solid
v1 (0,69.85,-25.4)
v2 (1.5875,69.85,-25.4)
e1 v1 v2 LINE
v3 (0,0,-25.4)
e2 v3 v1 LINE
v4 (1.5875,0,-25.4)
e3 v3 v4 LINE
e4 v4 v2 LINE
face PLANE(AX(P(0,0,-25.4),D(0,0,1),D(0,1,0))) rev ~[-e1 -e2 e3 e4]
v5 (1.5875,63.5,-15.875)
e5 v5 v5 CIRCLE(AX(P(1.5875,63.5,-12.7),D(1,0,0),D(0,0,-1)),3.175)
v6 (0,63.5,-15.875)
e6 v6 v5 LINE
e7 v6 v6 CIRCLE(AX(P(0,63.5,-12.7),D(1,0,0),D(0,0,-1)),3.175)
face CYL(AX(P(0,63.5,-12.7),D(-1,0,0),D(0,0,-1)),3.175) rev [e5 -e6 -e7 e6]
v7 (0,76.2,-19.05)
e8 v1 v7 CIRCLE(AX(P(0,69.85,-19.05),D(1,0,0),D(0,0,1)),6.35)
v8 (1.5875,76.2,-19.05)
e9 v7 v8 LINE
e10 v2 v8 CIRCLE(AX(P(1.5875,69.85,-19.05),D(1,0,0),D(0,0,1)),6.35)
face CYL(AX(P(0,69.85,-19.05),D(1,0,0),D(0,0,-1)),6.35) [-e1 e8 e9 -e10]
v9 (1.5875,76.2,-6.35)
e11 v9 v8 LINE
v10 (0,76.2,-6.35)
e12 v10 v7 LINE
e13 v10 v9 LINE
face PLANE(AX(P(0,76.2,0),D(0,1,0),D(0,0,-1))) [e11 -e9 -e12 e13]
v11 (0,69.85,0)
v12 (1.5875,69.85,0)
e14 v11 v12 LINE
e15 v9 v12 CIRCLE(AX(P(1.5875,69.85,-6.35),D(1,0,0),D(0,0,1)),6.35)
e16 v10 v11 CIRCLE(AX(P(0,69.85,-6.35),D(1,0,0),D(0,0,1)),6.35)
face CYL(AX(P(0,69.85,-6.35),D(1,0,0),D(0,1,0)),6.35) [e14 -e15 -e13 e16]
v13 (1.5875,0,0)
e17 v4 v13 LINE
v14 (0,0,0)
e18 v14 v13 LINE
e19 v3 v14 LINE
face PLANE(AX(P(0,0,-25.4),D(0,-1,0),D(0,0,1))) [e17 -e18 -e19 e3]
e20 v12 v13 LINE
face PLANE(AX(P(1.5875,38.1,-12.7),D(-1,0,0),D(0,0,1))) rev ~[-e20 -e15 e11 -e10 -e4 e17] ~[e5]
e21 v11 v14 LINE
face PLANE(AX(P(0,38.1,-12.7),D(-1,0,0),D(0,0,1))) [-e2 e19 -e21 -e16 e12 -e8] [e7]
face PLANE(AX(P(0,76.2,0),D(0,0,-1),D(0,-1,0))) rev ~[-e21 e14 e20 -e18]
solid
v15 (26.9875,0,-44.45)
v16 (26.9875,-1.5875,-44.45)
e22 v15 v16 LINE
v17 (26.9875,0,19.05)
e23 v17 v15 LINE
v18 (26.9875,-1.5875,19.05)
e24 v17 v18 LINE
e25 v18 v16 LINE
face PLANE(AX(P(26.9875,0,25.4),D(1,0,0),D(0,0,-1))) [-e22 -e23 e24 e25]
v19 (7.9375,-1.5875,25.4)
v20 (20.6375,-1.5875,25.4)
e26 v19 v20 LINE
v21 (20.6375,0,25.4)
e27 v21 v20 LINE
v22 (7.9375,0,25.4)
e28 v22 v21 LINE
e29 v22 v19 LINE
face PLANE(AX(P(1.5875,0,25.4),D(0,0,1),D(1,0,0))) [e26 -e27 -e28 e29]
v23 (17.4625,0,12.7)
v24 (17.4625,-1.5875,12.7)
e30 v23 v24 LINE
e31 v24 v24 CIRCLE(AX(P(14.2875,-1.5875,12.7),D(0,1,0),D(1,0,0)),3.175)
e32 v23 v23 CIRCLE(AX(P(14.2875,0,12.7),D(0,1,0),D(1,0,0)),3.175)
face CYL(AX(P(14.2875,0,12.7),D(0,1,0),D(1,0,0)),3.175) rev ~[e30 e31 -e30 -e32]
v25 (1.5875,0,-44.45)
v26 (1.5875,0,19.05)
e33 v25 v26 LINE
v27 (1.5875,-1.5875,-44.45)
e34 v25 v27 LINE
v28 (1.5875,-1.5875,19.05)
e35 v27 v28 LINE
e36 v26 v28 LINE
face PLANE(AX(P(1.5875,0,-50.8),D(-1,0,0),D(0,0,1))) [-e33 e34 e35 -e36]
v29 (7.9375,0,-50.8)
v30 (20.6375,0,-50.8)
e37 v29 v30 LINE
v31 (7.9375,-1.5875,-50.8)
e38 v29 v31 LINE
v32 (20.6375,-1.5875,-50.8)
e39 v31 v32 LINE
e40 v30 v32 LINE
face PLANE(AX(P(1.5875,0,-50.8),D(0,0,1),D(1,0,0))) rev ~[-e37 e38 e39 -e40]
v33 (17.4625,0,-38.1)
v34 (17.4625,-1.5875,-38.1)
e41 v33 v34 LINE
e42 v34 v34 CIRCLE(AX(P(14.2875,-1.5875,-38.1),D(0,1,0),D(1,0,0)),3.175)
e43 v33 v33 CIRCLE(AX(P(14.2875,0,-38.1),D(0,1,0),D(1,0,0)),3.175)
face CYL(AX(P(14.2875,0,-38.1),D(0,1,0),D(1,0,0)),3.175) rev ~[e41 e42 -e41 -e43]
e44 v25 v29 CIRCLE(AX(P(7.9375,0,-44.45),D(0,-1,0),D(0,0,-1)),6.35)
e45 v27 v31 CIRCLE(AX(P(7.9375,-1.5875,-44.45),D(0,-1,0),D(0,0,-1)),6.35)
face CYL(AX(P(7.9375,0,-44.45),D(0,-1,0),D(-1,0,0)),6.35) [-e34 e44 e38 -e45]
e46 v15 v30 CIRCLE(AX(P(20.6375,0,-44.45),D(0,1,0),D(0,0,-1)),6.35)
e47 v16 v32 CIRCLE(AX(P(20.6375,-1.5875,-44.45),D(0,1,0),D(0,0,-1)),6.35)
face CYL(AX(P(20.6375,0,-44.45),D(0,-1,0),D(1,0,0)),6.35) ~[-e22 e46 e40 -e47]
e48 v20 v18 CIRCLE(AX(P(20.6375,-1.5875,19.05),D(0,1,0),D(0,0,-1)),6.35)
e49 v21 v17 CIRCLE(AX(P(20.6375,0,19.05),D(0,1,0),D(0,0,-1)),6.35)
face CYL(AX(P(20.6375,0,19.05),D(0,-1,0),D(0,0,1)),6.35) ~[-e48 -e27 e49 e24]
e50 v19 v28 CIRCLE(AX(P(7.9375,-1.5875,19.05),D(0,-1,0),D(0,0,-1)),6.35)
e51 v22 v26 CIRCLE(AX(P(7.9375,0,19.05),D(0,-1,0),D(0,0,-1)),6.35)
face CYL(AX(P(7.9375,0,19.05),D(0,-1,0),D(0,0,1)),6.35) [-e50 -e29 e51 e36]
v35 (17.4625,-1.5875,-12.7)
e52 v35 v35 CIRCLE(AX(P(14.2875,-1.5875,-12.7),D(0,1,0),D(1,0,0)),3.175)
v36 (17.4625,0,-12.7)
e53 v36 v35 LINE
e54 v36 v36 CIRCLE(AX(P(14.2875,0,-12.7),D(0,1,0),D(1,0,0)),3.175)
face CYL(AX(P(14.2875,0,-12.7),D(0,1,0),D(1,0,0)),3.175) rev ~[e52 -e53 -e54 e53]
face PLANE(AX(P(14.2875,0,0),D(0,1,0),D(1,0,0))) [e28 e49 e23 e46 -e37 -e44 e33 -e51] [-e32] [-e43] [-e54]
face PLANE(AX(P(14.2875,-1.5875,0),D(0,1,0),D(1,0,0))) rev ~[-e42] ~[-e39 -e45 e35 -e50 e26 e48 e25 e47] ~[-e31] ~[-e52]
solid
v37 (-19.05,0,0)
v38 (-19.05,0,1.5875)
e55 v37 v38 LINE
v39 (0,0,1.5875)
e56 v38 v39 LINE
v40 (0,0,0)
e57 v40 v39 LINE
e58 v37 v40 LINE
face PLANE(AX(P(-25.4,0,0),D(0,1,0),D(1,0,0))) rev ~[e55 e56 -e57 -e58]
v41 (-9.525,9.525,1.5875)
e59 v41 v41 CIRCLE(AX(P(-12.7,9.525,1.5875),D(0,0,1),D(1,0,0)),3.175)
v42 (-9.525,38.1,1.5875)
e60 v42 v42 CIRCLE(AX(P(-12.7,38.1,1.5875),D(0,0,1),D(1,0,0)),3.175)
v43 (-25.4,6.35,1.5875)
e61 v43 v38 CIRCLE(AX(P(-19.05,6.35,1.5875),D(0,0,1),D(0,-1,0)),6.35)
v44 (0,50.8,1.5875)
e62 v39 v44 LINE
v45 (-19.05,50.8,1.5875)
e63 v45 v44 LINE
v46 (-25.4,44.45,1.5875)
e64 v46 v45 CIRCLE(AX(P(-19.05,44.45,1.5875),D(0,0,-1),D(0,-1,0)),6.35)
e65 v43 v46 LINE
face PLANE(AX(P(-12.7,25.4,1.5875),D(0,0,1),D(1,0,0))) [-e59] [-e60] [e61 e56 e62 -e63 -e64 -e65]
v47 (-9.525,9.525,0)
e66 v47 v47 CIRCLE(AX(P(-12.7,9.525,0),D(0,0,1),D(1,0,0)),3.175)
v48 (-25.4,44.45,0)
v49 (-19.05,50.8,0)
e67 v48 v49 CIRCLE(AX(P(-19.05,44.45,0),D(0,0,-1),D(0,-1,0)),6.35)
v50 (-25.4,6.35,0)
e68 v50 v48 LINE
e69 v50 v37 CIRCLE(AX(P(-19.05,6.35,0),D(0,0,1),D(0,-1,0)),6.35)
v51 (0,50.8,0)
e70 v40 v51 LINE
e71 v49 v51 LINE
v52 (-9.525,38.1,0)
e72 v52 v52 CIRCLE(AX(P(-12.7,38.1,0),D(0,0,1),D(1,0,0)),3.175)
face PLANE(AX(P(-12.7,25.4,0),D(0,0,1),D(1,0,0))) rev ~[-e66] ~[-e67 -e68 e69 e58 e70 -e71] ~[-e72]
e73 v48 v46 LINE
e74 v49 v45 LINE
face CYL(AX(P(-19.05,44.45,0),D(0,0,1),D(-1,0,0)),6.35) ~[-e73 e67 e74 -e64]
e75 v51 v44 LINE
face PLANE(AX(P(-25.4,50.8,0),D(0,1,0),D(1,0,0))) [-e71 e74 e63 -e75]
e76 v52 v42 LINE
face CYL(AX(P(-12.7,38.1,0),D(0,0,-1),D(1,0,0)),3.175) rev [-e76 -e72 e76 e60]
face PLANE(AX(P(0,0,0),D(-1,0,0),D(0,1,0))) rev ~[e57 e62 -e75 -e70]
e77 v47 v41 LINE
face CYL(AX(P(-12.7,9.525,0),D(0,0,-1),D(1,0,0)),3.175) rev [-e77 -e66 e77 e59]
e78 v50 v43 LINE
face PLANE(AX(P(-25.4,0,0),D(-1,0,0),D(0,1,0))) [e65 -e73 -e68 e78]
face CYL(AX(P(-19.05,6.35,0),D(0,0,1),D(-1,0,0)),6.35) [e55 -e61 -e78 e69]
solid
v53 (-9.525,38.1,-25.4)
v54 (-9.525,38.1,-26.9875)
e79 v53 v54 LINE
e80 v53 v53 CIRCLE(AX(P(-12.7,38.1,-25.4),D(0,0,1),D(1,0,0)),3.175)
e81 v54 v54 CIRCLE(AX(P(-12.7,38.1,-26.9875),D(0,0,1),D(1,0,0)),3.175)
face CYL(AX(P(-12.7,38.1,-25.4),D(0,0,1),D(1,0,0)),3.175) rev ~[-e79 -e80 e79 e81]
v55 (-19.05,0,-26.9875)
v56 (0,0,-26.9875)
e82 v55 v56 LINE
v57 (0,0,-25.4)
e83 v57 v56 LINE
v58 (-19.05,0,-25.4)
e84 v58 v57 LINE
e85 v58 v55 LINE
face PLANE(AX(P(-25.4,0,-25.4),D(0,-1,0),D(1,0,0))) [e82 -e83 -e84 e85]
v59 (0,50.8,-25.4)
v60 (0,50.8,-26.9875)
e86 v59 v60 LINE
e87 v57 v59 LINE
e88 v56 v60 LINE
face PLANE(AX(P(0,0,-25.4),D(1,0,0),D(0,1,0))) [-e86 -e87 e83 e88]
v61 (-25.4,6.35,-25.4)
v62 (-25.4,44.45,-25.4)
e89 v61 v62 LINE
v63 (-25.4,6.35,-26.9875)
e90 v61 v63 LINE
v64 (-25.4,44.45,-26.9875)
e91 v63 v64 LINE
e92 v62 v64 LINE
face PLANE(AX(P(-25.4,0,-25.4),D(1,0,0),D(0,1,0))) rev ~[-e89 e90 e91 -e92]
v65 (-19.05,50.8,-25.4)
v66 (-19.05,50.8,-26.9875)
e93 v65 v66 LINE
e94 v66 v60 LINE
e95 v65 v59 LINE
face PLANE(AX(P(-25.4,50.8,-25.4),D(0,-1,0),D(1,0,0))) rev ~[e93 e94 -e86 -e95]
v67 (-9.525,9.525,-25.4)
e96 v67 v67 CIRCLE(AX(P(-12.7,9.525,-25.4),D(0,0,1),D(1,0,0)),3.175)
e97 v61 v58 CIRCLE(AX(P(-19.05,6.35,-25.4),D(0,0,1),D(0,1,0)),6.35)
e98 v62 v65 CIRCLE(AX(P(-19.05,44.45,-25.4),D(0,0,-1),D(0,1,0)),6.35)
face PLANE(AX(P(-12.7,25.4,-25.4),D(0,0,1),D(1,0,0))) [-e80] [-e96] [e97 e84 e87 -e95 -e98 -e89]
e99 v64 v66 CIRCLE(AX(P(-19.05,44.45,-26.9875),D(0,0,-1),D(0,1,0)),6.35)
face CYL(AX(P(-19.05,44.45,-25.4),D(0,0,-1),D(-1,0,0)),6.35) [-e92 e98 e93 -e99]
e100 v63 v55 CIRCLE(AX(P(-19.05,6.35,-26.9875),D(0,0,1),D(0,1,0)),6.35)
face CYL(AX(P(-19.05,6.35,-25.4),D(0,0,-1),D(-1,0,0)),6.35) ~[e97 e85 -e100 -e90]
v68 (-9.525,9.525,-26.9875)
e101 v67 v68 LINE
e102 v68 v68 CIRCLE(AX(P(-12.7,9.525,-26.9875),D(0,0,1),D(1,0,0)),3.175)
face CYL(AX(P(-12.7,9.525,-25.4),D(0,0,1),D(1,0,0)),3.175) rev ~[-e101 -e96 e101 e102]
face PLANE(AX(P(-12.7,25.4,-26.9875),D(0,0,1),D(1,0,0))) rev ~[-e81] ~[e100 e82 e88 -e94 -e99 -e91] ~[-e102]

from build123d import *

# Parameters (mm, degrees)
SKETCH1_W           = 25.4
SKETCH1_H           = 50.8
SKETCH1_R           = 3.175
BOSS_EXTRUDE1_DEPTH = 1.5875
BOSS_EXTRUDE2_START = -25.4
SKETCH1_2_W         = 25.4
SKETCH1_2_H         = 50.8
SKETCH1_2_R         = 3.175
BOSS_EXTRUDE2_DEPTH = 1.5875
SKETCH3_R           = 3.175
BOSS_EXTRUDE3_DEPTH = 1.5875
SKETCH4_W           = 25.4
SKETCH4_H           = 76.2
SKETCH4_R           = 3.175
BOSS_EXTRUDE4_DEPTH = 1.5875
FILLET1_R           = 6.35
FILLET2_R           = 6.35
FILLET3_R           = 6.35
FILLET4_R           = 6.35


with BuildPart() as part:
    # Sketch1 → Boss-Extrude1 (new body)
    with BuildSketch(Plane.XY):
        with Locations((-12.7, 25.4)):
            Rectangle(SKETCH1_W, SKETCH1_H)
        with Locations((-12.7, 38.1)):
            Circle(SKETCH1_R, mode=Mode.SUBTRACT)
        with Locations((-12.7, 9.525)):
            Circle(SKETCH1_R, mode=Mode.SUBTRACT)
    extrude(amount=BOSS_EXTRUDE1_DEPTH)

    # Fillet3
    fillet3_edges = [part.edges().sort_by_distance(p)[0] for p in [
        (-25.4, 50.8, 0.79375),
        (-25.4, 0, 0.79375),
    ]]
    fillet(fillet3_edges, radius=FILLET3_R)


with BuildPart() as body_2:
    # Sketch1<2> → Boss-Extrude2 (new body)
    with BuildSketch(Plane.XY.offset(BOSS_EXTRUDE2_START)):
        with Locations((-12.7, 25.4)):
            Rectangle(SKETCH1_2_W, SKETCH1_2_H)
        with Locations((-12.7, 38.1)):
            Circle(SKETCH1_2_R, mode=Mode.SUBTRACT)
        with Locations((-12.7, 9.525)):
            Circle(SKETCH1_2_R, mode=Mode.SUBTRACT)
    extrude(amount=-BOSS_EXTRUDE2_DEPTH)

    # Fillet2
    fillet2_edges = [body_2.edges().sort_by_distance(p)[0] for p in [
        (-25.4, 0, -26.19375),
        (-25.4, 50.8, -26.19375),
    ]]
    fillet(fillet2_edges, radius=FILLET2_R)


with BuildPart() as body_3:
    # Sketch3 → Boss-Extrude3 (new body)
    with BuildSketch(Plane(origin=(0, 0, 0), x_dir=(0, 0, -1), z_dir=(1, 0, 0))):
        Polygon((25.4, 50.8), (25.4, 0), (0, 0), (0, 50.8), (0, 76.2), (25.4, 76.2), align=None)
        with Locations((12.7, 63.5)):
            Circle(SKETCH3_R, mode=Mode.SUBTRACT)
    extrude(amount=BOSS_EXTRUDE3_DEPTH)

    # Fillet4
    fillet4_edges = [body_3.edges().sort_by_distance(p)[0] for p in [
        (0.79375, 76.2, -25.4),
        (0.79375, 76.2, 0),
    ]]
    fillet(fillet4_edges, radius=FILLET4_R)


with BuildPart() as body_4:
    # Sketch4 → Boss-Extrude4 (new body)
    with BuildSketch(Plane(origin=(0, 0, 0), x_dir=(1, 0, 0), z_dir=(0, 1, 0))):
        with Locations((14.2875, 12.7)):
            Rectangle(SKETCH4_W, SKETCH4_H)
        with Locations((14.2875, 38.1)):
            Circle(SKETCH4_R, mode=Mode.SUBTRACT)
        with Locations((14.2875, 12.7)):
            Circle(SKETCH4_R, mode=Mode.SUBTRACT)
        with Locations((14.2875, -12.7)):
            Circle(SKETCH4_R, mode=Mode.SUBTRACT)
    extrude(amount=-BOSS_EXTRUDE4_DEPTH)

    # Fillet1
    fillet1_edges = [body_4.edges().sort_by_distance(p)[0] for p in [
        (1.5875, -0.79375, -50.8),
        (26.9875, -0.79375, -50.8),
        (26.9875, -0.79375, 25.4),
        (1.5875, -0.79375, 25.4),
    ]]
    fillet(fillet1_edges, radius=FILLET1_R)


solid = Compound([part.part, body_2.part, body_3.part, body_4.part])
